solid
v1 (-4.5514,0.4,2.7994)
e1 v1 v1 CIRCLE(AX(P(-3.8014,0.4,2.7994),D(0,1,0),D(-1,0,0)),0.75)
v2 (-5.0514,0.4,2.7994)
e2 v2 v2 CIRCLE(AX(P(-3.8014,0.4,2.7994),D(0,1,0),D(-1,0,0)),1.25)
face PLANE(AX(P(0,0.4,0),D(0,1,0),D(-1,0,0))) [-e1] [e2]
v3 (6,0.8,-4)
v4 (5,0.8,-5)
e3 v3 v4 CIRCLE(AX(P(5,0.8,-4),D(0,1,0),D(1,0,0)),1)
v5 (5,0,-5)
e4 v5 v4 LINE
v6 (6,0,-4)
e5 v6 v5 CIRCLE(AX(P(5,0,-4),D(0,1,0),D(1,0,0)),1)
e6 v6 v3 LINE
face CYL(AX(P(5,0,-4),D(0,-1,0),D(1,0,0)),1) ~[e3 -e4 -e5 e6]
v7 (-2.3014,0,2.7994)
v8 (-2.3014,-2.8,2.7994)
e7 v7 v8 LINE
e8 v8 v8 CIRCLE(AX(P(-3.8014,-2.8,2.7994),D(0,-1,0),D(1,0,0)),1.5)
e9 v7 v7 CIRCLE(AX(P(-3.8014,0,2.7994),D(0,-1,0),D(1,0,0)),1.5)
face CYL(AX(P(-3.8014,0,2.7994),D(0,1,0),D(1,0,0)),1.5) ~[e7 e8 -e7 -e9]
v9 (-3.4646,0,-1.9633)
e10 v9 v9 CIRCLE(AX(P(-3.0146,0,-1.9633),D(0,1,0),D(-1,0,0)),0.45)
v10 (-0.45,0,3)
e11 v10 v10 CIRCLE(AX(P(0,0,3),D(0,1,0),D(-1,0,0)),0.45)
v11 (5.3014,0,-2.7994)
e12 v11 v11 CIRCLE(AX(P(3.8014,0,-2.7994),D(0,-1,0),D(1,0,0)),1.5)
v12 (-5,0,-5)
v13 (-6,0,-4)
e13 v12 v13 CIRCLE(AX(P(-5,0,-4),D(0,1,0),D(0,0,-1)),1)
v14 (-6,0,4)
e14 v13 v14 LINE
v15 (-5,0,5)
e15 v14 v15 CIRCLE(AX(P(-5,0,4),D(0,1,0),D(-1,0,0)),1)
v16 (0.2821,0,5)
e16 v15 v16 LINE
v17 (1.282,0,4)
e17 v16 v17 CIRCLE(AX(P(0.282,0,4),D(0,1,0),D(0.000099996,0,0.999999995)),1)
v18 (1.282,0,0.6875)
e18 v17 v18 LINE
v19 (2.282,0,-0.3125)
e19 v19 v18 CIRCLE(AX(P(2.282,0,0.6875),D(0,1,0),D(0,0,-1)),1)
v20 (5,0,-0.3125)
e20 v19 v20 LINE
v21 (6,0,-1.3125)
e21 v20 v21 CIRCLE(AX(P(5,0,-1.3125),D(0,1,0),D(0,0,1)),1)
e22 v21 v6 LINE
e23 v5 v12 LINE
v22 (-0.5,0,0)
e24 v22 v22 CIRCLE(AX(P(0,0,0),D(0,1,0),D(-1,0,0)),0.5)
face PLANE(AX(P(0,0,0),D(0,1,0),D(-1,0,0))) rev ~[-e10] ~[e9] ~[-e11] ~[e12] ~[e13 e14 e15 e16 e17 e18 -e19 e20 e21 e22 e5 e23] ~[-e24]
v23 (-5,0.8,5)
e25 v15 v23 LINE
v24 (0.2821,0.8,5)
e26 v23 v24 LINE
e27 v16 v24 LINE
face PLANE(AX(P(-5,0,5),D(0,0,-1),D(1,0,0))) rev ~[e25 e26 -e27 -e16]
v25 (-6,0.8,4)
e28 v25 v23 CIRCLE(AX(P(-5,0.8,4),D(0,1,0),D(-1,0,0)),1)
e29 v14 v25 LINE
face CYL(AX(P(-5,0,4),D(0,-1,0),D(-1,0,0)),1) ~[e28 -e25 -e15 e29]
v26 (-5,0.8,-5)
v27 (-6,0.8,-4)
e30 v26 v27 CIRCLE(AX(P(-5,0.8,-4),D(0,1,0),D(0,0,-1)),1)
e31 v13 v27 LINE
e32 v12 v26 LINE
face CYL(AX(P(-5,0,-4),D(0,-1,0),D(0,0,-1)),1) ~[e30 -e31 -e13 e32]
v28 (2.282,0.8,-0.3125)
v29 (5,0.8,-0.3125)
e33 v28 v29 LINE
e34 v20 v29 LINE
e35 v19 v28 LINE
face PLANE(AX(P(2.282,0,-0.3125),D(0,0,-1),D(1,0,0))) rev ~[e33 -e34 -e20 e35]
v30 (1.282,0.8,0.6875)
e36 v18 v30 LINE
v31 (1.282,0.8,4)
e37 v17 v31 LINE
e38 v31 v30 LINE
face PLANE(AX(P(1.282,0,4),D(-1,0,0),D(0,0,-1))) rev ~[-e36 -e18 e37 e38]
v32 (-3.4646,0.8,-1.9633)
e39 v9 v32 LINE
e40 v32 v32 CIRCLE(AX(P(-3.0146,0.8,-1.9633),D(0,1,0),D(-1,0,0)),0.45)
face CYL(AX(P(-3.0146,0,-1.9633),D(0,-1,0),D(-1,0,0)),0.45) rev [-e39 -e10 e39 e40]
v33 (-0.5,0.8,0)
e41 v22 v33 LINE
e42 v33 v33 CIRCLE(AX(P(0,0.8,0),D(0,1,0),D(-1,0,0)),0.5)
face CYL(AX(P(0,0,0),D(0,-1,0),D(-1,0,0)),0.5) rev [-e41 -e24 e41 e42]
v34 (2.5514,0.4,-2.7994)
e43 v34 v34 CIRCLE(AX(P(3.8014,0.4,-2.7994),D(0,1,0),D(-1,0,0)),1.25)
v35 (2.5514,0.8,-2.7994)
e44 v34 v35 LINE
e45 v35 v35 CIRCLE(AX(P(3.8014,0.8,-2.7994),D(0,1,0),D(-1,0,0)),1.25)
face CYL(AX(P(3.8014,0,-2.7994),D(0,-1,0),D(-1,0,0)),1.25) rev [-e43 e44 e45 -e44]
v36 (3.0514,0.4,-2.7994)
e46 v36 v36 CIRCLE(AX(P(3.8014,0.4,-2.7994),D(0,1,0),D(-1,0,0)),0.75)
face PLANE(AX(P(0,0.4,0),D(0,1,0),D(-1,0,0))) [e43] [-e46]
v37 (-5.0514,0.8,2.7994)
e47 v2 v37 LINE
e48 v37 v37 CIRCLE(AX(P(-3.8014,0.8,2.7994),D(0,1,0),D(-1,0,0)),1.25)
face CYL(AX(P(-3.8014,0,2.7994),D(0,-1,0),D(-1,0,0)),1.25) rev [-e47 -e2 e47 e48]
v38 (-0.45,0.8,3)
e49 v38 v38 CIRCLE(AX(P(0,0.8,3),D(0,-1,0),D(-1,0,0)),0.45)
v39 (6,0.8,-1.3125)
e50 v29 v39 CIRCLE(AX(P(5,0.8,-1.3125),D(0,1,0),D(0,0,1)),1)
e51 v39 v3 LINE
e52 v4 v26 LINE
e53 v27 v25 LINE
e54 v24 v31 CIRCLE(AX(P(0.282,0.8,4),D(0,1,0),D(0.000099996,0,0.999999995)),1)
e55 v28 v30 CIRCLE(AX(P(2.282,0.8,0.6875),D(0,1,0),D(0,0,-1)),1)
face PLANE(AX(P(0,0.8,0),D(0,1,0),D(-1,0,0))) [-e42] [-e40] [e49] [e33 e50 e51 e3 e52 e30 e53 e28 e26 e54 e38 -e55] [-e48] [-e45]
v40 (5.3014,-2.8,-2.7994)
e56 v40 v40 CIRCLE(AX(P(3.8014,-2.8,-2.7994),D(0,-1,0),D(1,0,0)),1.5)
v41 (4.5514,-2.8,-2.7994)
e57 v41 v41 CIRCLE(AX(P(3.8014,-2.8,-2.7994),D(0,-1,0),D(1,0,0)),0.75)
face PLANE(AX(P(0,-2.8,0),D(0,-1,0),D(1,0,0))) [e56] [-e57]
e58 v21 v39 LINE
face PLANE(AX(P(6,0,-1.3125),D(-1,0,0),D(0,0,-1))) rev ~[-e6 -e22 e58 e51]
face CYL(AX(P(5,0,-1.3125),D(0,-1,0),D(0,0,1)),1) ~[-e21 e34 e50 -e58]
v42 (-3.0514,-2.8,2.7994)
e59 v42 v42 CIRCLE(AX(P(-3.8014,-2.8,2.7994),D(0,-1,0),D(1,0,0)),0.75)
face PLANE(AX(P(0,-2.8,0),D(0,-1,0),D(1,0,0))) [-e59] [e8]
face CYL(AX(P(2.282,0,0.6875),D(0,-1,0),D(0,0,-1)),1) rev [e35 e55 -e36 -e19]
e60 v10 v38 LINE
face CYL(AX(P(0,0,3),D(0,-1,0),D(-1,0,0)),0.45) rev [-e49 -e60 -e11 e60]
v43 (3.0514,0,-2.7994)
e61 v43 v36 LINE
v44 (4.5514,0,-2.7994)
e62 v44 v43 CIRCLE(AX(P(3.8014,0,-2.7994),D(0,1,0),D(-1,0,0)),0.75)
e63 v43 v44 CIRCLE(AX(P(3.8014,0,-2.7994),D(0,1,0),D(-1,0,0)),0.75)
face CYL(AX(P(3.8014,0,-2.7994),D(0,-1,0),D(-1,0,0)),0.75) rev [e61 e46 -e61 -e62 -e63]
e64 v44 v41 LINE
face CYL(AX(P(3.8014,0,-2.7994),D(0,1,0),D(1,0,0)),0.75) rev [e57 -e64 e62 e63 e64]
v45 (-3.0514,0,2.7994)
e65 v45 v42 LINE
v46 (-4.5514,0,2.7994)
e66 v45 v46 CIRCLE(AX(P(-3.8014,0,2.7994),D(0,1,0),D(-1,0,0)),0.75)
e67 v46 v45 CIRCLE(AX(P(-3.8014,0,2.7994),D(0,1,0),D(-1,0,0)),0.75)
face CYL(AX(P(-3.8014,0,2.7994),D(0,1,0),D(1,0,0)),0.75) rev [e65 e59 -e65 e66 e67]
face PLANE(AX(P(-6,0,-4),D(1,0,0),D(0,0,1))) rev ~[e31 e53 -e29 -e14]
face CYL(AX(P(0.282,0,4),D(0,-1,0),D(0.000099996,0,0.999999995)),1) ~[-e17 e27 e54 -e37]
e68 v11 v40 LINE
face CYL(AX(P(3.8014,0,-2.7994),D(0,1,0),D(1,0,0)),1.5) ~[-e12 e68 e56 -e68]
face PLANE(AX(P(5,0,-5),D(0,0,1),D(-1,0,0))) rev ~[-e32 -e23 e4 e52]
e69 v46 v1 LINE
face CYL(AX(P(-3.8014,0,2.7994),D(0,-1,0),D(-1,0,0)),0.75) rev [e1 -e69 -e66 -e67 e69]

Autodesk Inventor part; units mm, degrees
ref_plane "YZ Plane" through (0, 0, 0) normal (1, 0, 0) x (0, 1, 0)
ref_plane "XZ Plane" through (0, 0, 0) normal (0, 1, 0) x (-1, 0, 0)
ref_plane "XY Plane" through (0, 0, 0) normal (0, 0, 1) x (1, 0, 0)
sketch "Esboço1" plane through (0, 0, 0) normal (0, 1, 0) x (-1, 0, 0)
  arc A0 (-0.2821, 5) -> (-1.282, 4) centre (-0.282, 4) ccw
  line L0 (-1.282, 4) -> (-1.282, 0.6875)
  arc A1 (-2.282, -0.3125) -> (-1.282, 0.6875) centre (-2.282, 0.6875) ccw
  line L1 (-2.282, -0.3125) -> (-5, -0.3125)
  arc A2 (-5, -0.3125) -> (-6, -1.3125) centre (-5, -1.3125) ccw
  line L2 (-6, -1.3125) -> (-6, -4)
  arc A3 (-6, -4) -> (-5, -5) centre (-5, -4) ccw
  line L3 (-5, -5) -> (5, -5)
  arc A4 (5, -5) -> (6, -4) centre (5, -4) ccw
  line L4 (6, -4) -> (6, 4)
  arc A5 (6, 4) -> (5, 5) centre (5, 4) ccw
  line L5 (5, 5) -> (-0.2821, 5)
  circle A6 centre (3.0146, -1.9633) radius 0.45
  circle A7 centre (-3.8014, -2.7994) radius 1.25
  circle A8 centre (3.8014, 2.7994) radius 1.25
  circle A9 centre (3.8014, 2.7994) radius 1.25
  circle A10 centre (3.8014, 2.7994) radius 0.75
  circle A11 centre (-3.8014, -2.7994) radius 1.25
  circle A12 centre (-3.8014, -2.7994) radius 0.75
  circle A13 centre (0, 0) radius 0.5
  circle A14 centre (0, 3) radius 0.45
  dimension "d9" = 1
  dimension "d12" = 0.9
  dimension "d13" = 2
extrude "Extrusão1" add sketch "Esboço1" along normal blind 0.8 contours L5 A5 L4 A4 L3 A3 L2 A2 L1 A1 L0 A0 | A14
extrude "Extrusão2" add sketch "Esboço1" along normal blind 0.4 contours A7 | A8
sketch "Esboço2" plane through (0, 0, 0) normal (0, -1, 0) x (1, 0, 0)
  circle A0 centre (-3.8014, 2.7994) radius 0.75 projected
  circle A1 centre (-3.8014, 2.7994) radius 1.5
  circle A2 centre (3.8014, -2.7994) radius 0.75 projected
  circle A3 centre (3.8014, -2.7994) radius 1.5
  point P0 (0, 0)
  dimension "d4" = 3
  dimension "d5" = 3
extrude "Extrusão3" add sketch "Esboço2" along normal blind 2.8
extrude "Extrusão4" cut sketch "Esboço1" along normal blind 10 contours A14
properties part number "Chapa Intermediária"
